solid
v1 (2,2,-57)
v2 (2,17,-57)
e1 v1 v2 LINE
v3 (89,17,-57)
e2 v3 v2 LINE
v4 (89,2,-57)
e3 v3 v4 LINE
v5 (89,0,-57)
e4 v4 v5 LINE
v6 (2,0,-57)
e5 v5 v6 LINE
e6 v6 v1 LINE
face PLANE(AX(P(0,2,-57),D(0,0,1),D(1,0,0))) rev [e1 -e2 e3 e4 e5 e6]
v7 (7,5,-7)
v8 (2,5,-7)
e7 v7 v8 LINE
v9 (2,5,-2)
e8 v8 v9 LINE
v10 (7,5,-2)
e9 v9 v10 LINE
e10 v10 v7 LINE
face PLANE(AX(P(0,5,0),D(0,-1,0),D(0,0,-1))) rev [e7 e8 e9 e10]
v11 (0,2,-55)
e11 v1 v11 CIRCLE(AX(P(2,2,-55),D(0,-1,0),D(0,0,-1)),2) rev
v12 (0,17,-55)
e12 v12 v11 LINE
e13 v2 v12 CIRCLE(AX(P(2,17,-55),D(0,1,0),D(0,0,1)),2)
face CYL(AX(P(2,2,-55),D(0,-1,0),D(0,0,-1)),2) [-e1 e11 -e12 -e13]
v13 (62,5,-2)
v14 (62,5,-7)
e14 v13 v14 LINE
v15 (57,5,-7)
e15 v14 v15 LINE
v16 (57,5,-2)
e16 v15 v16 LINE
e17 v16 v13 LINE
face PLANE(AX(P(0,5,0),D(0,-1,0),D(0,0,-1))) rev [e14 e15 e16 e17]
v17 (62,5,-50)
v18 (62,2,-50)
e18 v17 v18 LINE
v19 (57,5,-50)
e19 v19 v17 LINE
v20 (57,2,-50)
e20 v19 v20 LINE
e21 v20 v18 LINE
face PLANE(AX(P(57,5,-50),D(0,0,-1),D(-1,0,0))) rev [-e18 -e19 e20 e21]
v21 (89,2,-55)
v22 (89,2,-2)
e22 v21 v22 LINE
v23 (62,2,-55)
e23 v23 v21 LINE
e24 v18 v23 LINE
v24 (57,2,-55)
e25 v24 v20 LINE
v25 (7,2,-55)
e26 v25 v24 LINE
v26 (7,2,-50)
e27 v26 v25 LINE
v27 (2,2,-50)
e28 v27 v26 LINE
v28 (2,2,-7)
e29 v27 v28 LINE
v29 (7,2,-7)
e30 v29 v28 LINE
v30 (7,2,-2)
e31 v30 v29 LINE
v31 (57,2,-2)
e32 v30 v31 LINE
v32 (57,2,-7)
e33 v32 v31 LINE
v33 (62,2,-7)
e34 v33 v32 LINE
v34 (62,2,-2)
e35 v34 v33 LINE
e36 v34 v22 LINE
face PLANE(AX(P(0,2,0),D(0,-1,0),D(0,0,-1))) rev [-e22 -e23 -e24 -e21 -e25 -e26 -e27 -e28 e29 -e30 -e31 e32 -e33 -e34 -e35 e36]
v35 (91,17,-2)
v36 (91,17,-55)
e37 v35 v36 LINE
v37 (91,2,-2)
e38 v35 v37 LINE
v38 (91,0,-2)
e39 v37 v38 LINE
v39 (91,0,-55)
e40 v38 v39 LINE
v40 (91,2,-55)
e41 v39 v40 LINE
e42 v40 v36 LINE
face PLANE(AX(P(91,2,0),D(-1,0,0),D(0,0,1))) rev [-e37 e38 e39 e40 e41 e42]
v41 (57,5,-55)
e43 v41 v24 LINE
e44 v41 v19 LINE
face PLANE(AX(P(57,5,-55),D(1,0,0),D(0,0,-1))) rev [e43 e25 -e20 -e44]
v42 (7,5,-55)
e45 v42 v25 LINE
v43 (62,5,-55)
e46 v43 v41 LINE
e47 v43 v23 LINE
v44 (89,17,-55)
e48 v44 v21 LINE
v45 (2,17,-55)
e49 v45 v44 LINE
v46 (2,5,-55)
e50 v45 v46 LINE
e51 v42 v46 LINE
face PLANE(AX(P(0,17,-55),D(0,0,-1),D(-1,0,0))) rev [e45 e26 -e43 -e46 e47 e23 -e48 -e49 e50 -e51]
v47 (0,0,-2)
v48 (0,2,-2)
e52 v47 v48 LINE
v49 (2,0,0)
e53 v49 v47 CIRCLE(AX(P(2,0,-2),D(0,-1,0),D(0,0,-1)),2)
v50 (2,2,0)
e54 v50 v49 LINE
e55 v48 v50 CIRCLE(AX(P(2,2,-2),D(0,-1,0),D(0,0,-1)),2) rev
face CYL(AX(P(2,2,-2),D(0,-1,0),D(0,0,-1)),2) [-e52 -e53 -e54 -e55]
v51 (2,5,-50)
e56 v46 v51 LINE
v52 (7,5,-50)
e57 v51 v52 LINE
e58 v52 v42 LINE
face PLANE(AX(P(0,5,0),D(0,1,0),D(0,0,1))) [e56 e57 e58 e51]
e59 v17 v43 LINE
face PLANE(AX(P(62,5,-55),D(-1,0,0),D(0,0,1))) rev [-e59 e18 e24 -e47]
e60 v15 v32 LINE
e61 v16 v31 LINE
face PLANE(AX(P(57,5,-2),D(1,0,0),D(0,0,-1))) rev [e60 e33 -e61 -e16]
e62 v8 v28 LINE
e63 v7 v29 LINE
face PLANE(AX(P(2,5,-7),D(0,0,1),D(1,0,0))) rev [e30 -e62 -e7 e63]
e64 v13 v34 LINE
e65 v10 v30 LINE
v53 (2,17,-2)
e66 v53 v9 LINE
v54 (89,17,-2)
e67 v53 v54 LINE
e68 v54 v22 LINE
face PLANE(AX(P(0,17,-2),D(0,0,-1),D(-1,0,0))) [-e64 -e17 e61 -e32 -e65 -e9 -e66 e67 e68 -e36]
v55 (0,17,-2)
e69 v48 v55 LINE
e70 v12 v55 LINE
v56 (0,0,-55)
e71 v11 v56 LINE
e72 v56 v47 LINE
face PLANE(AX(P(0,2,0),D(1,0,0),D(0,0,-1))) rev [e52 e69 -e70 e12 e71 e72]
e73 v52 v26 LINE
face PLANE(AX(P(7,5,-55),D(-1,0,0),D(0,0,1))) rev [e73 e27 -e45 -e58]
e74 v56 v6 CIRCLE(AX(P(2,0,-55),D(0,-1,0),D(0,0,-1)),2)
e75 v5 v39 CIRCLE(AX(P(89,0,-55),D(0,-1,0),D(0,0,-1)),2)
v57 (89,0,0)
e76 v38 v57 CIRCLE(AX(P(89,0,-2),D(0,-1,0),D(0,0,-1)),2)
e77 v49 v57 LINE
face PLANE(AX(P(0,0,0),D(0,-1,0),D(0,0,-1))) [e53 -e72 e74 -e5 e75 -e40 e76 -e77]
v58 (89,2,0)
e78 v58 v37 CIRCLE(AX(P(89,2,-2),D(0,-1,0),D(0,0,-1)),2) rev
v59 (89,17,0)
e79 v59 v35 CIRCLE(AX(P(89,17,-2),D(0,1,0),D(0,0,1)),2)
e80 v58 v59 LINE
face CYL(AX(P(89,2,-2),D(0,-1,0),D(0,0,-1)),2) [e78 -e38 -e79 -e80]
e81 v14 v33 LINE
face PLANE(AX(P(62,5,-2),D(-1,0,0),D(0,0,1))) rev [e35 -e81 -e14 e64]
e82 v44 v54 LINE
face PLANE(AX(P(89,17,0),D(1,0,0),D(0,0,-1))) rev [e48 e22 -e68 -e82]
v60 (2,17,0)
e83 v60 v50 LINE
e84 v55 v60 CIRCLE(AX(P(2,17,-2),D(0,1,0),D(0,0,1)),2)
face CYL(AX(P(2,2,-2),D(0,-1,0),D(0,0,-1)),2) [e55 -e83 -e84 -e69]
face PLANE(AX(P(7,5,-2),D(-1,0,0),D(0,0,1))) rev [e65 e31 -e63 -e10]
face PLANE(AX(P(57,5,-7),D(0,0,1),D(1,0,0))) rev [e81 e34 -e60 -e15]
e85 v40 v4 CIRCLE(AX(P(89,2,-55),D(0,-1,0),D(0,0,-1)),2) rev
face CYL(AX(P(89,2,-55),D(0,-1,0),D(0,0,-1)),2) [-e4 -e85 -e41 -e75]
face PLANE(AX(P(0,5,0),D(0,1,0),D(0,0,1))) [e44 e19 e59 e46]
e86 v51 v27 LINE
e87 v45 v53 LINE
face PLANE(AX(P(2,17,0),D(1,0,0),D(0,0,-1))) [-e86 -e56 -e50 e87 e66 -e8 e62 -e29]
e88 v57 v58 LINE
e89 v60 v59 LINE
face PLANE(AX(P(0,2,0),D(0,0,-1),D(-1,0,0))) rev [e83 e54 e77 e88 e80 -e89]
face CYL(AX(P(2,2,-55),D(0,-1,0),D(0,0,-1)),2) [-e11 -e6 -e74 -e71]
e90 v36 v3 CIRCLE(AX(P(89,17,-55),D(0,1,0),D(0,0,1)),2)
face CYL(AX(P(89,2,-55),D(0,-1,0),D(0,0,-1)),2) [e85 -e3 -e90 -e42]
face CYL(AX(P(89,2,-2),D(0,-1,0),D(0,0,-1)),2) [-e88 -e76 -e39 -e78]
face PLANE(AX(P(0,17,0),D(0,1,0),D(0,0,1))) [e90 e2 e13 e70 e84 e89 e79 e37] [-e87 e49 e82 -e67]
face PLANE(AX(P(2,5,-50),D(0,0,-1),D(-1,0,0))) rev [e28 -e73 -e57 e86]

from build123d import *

# Parameters (mm, degrees)
SKETCH1_W           = 91
SKETCH1_H           = 57
BOSS_EXTRUDE1_DEPTH = 2
FILLET1_R           = 2
SKETCH2_W           = 91
SKETCH2_H           = 57
SKETCH2_W_2         = 87
SKETCH2_H_2         = 53
BOSS_EXTRUDE6_DEPTH = 15
FILLET2_R           = 2
SKETCH13_W          = 5
SKETCH13_H          = 5
BOSS_EXTRUDE7_DEPTH = 3


with BuildPart() as part:
    # Sketch1 → Boss-Extrude1 (new body)
    with BuildSketch(Plane(origin=(0, 0, 0), x_dir=(1, 0, 0), z_dir=(0, 1, 0))):
        with Locations((45.5, 28.5)):
            Rectangle(SKETCH1_W, SKETCH1_H)
    extrude(amount=BOSS_EXTRUDE1_DEPTH)

    # Fillet1
    fillet1_edges = [part.edges().sort_by_distance(p)[0] for p in [
        (0, 1, -57),
        (91, 1, -57),
        (91, 1, 0),
        (0, 1, 0),
    ]]
    fillet(fillet1_edges, radius=FILLET1_R)

    # Sketch2 → Boss-Extrude6 (add)
    with BuildSketch(Plane(origin=(0, 2, 0), x_dir=(1, 0, 0), z_dir=(0, 1, 0))):
        with Locations((45.5, 28.5)):
            Rectangle(SKETCH2_W, SKETCH2_H)
        with Locations((45.5, 28.5)):
            Rectangle(SKETCH2_W_2, SKETCH2_H_2, mode=Mode.SUBTRACT)
    extrude(amount=BOSS_EXTRUDE6_DEPTH)

    # Fillet2
    fillet2_edges = [part.edges().sort_by_distance(p)[0] for p in [
        (0, 9.5, -57),
        (91, 9.5, -57),
        (91, 9.5, 0),
        (0, 9.5, 0),
    ]]
    fillet(fillet2_edges, radius=FILLET2_R)

    # Sketch13 → Boss-Extrude7 (add)
    with BuildSketch(Plane(origin=(0, 2, 0), x_dir=(1, 0, 0), z_dir=(0, 1, 0))):
        with Locations((4.5, 52.5)):
            Rectangle(SKETCH13_W, SKETCH13_H)
        with Locations((4.5, 4.5)):
            Rectangle(SKETCH13_W, SKETCH13_H)
        with Locations((59.5, 52.5)):
            Rectangle(SKETCH13_W, SKETCH13_H)
        with Locations((59.5, 4.5)):
            Rectangle(SKETCH13_W, SKETCH13_H)
    extrude(amount=BOSS_EXTRUDE7_DEPTH)


solid = part.part
